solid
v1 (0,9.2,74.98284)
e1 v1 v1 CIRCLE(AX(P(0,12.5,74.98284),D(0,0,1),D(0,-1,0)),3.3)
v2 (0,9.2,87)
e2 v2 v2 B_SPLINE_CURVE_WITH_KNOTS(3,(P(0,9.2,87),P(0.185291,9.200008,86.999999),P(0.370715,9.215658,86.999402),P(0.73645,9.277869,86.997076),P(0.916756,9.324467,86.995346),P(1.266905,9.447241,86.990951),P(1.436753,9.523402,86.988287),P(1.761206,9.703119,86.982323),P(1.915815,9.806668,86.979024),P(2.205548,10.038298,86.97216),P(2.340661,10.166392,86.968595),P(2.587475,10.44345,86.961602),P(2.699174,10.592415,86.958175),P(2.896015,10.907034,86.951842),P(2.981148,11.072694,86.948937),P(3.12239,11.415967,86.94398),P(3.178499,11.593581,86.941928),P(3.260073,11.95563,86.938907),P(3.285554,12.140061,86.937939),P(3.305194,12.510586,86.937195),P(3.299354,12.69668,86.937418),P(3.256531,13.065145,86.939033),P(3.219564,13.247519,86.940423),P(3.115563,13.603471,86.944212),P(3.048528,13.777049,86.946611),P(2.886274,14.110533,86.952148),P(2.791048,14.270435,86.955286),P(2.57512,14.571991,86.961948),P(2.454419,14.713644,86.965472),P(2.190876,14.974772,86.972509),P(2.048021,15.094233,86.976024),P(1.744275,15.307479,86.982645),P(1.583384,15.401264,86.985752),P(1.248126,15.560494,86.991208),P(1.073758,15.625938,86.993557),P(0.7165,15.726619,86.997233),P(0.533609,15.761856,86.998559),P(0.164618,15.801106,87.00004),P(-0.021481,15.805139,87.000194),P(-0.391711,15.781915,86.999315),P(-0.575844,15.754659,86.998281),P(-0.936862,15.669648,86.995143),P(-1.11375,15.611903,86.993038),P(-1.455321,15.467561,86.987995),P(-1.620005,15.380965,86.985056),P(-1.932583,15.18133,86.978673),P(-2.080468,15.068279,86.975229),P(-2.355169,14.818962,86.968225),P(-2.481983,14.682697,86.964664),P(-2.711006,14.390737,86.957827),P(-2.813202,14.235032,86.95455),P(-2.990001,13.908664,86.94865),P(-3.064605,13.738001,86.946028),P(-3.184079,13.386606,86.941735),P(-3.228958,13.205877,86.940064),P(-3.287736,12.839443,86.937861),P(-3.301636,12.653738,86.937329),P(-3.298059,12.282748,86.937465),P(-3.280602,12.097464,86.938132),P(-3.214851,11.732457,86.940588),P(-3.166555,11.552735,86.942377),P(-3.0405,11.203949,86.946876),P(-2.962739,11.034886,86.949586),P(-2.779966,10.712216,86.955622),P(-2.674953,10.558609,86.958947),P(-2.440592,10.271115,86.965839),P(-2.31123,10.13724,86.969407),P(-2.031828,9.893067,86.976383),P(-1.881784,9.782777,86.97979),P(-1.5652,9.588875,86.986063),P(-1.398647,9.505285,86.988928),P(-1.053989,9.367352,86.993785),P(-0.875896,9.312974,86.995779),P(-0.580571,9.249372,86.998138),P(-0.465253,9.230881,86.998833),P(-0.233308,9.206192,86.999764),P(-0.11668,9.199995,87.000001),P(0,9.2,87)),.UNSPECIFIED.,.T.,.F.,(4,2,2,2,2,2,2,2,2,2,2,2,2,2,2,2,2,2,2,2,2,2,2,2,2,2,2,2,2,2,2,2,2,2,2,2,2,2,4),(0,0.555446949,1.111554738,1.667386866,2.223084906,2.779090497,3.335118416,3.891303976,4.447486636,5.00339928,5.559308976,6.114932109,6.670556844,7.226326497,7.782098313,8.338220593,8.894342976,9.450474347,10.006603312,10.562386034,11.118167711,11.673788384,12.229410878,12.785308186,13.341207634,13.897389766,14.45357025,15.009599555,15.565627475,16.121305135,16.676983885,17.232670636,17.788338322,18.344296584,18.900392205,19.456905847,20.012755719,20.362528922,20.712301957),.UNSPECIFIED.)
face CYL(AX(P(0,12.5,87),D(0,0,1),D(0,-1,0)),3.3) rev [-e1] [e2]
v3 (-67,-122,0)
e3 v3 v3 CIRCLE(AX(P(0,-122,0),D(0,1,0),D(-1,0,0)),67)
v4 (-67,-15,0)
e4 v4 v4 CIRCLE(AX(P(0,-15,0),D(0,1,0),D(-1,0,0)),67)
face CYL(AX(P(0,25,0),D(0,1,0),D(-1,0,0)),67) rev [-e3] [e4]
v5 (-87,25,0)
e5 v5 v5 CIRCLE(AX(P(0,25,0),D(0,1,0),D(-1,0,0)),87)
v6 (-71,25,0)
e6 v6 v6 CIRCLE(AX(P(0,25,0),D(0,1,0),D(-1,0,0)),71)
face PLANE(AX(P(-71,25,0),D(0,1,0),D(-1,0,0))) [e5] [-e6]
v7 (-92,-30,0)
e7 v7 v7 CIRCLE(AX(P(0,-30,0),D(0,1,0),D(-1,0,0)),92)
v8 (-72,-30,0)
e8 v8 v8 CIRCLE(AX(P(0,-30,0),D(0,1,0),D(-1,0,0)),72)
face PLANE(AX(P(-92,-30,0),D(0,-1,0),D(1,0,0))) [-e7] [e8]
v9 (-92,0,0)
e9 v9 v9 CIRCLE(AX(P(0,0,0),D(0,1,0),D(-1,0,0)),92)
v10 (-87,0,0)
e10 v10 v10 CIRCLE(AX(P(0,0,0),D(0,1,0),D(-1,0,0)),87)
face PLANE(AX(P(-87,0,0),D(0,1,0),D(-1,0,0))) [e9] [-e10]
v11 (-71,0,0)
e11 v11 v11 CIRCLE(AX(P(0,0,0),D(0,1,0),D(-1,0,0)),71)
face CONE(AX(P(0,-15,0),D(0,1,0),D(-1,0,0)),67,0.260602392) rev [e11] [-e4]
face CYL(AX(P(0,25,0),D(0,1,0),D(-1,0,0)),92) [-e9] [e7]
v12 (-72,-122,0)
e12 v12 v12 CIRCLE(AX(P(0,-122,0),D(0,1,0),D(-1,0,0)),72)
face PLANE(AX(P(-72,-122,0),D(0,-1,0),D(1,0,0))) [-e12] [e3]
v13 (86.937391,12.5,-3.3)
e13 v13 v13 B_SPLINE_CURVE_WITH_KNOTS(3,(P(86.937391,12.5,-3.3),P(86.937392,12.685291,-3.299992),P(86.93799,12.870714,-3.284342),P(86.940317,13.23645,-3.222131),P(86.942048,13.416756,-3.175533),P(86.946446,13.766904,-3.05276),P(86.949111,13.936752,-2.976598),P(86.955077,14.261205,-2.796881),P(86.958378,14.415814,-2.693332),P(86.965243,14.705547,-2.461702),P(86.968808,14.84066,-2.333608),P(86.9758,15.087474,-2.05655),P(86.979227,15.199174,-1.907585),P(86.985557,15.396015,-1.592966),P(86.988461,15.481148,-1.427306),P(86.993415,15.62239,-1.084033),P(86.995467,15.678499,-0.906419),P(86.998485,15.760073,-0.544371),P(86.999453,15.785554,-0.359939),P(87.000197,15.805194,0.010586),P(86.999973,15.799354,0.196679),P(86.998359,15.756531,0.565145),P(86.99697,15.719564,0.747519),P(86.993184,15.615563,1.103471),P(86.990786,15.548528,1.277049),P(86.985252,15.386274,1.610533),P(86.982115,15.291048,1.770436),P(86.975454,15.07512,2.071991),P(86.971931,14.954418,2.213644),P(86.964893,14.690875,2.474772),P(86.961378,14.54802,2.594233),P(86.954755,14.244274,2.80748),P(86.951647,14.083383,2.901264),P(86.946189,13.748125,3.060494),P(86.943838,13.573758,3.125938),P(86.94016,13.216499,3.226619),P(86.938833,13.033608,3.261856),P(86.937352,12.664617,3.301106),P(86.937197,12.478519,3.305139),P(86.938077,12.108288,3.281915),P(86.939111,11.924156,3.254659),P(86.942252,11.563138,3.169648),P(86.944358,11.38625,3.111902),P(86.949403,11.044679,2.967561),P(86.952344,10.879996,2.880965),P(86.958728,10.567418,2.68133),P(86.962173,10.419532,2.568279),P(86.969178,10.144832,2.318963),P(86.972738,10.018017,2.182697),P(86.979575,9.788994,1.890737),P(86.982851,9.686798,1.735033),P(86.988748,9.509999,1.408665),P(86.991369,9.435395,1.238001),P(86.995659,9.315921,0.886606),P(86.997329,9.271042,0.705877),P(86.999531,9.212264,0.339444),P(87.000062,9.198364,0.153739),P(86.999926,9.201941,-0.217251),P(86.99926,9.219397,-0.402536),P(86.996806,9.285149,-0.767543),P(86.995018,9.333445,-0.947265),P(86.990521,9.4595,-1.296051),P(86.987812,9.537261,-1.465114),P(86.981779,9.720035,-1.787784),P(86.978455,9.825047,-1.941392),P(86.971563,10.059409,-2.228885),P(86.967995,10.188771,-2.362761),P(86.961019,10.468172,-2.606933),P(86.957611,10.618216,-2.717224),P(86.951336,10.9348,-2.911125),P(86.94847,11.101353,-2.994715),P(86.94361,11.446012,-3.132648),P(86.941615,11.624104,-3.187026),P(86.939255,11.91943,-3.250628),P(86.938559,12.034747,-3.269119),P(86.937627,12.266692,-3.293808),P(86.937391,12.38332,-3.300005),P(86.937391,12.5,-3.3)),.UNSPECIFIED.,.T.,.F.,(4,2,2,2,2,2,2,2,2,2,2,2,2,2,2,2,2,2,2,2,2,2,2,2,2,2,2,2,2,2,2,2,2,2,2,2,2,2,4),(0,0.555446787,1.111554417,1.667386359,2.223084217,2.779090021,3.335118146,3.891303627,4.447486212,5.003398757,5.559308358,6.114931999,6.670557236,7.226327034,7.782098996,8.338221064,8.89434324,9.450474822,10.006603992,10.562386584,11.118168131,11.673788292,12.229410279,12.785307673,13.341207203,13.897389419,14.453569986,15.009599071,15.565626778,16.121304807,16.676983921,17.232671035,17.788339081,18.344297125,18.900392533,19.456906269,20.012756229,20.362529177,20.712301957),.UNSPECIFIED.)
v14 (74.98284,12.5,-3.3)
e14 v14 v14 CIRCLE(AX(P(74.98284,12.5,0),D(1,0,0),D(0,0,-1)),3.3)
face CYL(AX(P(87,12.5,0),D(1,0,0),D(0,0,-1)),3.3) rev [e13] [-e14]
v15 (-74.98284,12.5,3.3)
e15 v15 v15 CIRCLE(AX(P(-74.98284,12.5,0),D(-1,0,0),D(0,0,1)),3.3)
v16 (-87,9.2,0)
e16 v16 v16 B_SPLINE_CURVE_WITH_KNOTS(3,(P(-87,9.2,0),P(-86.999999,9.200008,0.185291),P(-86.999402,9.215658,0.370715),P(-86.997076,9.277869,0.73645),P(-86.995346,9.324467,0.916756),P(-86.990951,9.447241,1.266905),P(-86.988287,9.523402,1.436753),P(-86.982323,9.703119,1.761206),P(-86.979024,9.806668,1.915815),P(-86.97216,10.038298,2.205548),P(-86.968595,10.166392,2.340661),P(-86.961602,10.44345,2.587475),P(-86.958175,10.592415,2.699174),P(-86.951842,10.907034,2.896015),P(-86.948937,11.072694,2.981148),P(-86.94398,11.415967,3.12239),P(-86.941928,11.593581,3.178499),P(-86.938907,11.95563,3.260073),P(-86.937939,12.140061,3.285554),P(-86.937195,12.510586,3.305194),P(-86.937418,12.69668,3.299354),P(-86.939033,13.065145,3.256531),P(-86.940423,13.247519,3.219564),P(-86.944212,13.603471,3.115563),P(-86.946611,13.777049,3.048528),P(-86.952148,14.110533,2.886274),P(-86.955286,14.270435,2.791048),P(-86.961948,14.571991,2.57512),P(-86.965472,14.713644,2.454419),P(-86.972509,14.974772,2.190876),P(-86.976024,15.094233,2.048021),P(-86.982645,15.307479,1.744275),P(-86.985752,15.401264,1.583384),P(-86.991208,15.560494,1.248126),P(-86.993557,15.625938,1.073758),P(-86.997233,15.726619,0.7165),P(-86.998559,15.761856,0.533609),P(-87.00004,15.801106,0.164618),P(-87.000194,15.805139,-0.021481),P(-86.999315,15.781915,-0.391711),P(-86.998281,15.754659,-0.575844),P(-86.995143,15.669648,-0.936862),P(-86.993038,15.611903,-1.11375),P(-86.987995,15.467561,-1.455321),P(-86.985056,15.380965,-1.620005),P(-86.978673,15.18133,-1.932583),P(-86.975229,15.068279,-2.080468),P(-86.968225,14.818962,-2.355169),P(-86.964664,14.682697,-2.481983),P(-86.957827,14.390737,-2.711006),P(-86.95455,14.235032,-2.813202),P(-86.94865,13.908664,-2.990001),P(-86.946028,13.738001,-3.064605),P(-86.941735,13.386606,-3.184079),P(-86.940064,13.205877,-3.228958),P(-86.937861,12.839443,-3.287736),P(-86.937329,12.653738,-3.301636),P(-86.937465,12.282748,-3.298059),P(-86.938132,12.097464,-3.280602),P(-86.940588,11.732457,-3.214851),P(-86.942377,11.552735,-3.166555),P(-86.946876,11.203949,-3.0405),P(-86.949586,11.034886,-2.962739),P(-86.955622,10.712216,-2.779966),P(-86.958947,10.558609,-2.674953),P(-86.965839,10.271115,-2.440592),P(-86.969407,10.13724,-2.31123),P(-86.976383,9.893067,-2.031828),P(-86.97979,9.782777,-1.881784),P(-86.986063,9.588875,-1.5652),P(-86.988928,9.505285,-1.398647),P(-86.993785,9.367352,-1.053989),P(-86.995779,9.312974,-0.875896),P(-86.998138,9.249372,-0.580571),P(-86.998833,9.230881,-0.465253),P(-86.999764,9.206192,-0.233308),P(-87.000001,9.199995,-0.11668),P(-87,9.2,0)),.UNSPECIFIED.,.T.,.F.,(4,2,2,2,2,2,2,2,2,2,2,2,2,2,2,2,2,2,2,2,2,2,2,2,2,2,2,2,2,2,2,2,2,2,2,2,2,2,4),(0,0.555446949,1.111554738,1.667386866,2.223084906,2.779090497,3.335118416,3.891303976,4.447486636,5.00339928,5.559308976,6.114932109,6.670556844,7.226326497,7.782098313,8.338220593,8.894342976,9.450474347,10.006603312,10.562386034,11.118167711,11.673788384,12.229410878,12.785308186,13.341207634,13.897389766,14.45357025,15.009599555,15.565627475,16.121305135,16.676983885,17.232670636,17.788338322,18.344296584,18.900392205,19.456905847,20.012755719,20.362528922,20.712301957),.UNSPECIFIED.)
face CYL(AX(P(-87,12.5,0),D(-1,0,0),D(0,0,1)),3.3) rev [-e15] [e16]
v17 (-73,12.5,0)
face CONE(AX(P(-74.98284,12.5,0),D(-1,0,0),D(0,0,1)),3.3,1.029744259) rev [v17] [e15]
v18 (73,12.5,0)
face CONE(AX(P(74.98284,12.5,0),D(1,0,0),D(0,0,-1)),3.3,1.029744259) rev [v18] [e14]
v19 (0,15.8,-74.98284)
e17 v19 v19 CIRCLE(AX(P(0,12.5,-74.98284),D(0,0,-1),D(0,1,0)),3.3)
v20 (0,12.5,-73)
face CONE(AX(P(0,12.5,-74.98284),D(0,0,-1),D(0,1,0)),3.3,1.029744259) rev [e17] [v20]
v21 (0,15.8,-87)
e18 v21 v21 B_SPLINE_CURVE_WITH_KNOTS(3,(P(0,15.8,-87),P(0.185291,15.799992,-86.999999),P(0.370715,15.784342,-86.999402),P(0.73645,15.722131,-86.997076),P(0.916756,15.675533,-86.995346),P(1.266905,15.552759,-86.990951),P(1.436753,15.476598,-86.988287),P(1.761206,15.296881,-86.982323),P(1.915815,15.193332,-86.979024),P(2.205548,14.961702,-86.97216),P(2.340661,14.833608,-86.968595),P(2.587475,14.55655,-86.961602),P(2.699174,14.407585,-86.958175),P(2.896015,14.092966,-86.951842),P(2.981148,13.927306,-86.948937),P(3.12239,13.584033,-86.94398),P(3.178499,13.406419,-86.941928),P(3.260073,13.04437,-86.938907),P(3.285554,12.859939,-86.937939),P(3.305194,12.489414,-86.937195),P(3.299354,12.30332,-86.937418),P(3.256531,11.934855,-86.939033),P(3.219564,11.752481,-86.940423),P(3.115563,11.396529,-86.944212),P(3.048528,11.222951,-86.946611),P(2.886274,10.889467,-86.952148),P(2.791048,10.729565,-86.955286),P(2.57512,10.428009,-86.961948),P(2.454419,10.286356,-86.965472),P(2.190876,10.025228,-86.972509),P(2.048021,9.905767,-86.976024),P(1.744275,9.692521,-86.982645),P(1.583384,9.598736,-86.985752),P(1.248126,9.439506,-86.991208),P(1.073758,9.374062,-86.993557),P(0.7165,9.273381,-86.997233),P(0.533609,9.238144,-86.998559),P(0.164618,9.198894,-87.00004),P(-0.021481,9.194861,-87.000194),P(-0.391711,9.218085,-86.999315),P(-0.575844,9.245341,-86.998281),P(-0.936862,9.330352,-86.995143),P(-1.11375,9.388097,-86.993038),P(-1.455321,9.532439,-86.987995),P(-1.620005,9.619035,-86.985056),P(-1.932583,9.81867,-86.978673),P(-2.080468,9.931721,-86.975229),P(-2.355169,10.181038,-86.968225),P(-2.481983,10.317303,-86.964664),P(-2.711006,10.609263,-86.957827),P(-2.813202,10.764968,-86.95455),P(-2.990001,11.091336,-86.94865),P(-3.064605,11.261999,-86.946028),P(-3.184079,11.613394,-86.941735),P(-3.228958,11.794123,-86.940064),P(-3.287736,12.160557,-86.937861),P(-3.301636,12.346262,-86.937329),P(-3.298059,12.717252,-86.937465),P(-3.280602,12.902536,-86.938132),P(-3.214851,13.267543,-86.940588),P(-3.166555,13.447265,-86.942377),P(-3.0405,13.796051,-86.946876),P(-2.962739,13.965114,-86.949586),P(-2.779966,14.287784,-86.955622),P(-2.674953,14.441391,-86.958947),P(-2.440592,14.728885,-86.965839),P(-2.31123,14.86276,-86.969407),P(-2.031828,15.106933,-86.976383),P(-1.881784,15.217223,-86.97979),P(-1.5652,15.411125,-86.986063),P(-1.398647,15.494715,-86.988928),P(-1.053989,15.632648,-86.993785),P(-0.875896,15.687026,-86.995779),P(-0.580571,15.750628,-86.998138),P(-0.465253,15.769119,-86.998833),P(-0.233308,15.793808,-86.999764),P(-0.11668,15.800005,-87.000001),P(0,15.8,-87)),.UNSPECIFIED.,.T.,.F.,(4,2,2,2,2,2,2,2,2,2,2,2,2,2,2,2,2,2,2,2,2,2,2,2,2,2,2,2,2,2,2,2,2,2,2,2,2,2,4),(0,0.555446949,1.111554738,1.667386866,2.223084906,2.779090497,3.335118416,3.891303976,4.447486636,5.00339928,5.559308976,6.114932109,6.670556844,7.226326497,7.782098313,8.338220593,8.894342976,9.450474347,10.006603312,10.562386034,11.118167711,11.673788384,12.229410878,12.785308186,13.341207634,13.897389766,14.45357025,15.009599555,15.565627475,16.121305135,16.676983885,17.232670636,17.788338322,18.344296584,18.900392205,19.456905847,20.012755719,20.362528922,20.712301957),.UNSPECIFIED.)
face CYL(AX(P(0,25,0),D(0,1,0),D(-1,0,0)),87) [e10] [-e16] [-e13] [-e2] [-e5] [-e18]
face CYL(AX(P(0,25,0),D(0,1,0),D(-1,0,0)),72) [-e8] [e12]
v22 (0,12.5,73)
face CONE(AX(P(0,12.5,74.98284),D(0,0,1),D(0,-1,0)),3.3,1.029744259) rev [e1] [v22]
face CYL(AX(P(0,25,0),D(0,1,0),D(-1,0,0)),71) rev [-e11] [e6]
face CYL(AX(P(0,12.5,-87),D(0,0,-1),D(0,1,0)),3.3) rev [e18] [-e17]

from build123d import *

# Parameters (mm, degrees)
CIRPATTERN1_COUNT = 4


with BuildPart() as part:
    # Sketch1 → Revolve1 (revolve)
    with BuildSketch(Plane.XY):
        Polygon((-71, 0), (-71, 25), (-87, 25), (-87, 0), (-92, 0), (-92, -30), (-72, -30), (-72, -122), (-67, -122), (-67, -15), align=None)
    revolve(axis=Axis((0, 25, 0), (0, -1, 0)))

    # Sketch6 → M6 Clearance Hole2 (revolve, cut)
    with BuildSketch(Plane(origin=(-87, 12.5, 0), x_dir=(0, 0, 1), z_dir=(0, 1, 0))):
        Polygon((0, 0), (0, 14), (3.3, 12.017159957), (3.3, 0), align=None)
    m6_clearance_hole2 = revolve(axis=Axis((-93.35, 12.5, 0), (1, 0, 0)), mode=Mode.SUBTRACT)

    # CirPattern1: M6 Clearance Hole2 ×4 about axis
    cirpattern1_axis = Axis((0, 25, 0), (0, 1, 0))
    for i in range(1, CIRPATTERN1_COUNT):
        add(m6_clearance_hole2.rotate(cirpattern1_axis, i * 360 / CIRPATTERN1_COUNT), mode=Mode.SUBTRACT)


solid = part.part
